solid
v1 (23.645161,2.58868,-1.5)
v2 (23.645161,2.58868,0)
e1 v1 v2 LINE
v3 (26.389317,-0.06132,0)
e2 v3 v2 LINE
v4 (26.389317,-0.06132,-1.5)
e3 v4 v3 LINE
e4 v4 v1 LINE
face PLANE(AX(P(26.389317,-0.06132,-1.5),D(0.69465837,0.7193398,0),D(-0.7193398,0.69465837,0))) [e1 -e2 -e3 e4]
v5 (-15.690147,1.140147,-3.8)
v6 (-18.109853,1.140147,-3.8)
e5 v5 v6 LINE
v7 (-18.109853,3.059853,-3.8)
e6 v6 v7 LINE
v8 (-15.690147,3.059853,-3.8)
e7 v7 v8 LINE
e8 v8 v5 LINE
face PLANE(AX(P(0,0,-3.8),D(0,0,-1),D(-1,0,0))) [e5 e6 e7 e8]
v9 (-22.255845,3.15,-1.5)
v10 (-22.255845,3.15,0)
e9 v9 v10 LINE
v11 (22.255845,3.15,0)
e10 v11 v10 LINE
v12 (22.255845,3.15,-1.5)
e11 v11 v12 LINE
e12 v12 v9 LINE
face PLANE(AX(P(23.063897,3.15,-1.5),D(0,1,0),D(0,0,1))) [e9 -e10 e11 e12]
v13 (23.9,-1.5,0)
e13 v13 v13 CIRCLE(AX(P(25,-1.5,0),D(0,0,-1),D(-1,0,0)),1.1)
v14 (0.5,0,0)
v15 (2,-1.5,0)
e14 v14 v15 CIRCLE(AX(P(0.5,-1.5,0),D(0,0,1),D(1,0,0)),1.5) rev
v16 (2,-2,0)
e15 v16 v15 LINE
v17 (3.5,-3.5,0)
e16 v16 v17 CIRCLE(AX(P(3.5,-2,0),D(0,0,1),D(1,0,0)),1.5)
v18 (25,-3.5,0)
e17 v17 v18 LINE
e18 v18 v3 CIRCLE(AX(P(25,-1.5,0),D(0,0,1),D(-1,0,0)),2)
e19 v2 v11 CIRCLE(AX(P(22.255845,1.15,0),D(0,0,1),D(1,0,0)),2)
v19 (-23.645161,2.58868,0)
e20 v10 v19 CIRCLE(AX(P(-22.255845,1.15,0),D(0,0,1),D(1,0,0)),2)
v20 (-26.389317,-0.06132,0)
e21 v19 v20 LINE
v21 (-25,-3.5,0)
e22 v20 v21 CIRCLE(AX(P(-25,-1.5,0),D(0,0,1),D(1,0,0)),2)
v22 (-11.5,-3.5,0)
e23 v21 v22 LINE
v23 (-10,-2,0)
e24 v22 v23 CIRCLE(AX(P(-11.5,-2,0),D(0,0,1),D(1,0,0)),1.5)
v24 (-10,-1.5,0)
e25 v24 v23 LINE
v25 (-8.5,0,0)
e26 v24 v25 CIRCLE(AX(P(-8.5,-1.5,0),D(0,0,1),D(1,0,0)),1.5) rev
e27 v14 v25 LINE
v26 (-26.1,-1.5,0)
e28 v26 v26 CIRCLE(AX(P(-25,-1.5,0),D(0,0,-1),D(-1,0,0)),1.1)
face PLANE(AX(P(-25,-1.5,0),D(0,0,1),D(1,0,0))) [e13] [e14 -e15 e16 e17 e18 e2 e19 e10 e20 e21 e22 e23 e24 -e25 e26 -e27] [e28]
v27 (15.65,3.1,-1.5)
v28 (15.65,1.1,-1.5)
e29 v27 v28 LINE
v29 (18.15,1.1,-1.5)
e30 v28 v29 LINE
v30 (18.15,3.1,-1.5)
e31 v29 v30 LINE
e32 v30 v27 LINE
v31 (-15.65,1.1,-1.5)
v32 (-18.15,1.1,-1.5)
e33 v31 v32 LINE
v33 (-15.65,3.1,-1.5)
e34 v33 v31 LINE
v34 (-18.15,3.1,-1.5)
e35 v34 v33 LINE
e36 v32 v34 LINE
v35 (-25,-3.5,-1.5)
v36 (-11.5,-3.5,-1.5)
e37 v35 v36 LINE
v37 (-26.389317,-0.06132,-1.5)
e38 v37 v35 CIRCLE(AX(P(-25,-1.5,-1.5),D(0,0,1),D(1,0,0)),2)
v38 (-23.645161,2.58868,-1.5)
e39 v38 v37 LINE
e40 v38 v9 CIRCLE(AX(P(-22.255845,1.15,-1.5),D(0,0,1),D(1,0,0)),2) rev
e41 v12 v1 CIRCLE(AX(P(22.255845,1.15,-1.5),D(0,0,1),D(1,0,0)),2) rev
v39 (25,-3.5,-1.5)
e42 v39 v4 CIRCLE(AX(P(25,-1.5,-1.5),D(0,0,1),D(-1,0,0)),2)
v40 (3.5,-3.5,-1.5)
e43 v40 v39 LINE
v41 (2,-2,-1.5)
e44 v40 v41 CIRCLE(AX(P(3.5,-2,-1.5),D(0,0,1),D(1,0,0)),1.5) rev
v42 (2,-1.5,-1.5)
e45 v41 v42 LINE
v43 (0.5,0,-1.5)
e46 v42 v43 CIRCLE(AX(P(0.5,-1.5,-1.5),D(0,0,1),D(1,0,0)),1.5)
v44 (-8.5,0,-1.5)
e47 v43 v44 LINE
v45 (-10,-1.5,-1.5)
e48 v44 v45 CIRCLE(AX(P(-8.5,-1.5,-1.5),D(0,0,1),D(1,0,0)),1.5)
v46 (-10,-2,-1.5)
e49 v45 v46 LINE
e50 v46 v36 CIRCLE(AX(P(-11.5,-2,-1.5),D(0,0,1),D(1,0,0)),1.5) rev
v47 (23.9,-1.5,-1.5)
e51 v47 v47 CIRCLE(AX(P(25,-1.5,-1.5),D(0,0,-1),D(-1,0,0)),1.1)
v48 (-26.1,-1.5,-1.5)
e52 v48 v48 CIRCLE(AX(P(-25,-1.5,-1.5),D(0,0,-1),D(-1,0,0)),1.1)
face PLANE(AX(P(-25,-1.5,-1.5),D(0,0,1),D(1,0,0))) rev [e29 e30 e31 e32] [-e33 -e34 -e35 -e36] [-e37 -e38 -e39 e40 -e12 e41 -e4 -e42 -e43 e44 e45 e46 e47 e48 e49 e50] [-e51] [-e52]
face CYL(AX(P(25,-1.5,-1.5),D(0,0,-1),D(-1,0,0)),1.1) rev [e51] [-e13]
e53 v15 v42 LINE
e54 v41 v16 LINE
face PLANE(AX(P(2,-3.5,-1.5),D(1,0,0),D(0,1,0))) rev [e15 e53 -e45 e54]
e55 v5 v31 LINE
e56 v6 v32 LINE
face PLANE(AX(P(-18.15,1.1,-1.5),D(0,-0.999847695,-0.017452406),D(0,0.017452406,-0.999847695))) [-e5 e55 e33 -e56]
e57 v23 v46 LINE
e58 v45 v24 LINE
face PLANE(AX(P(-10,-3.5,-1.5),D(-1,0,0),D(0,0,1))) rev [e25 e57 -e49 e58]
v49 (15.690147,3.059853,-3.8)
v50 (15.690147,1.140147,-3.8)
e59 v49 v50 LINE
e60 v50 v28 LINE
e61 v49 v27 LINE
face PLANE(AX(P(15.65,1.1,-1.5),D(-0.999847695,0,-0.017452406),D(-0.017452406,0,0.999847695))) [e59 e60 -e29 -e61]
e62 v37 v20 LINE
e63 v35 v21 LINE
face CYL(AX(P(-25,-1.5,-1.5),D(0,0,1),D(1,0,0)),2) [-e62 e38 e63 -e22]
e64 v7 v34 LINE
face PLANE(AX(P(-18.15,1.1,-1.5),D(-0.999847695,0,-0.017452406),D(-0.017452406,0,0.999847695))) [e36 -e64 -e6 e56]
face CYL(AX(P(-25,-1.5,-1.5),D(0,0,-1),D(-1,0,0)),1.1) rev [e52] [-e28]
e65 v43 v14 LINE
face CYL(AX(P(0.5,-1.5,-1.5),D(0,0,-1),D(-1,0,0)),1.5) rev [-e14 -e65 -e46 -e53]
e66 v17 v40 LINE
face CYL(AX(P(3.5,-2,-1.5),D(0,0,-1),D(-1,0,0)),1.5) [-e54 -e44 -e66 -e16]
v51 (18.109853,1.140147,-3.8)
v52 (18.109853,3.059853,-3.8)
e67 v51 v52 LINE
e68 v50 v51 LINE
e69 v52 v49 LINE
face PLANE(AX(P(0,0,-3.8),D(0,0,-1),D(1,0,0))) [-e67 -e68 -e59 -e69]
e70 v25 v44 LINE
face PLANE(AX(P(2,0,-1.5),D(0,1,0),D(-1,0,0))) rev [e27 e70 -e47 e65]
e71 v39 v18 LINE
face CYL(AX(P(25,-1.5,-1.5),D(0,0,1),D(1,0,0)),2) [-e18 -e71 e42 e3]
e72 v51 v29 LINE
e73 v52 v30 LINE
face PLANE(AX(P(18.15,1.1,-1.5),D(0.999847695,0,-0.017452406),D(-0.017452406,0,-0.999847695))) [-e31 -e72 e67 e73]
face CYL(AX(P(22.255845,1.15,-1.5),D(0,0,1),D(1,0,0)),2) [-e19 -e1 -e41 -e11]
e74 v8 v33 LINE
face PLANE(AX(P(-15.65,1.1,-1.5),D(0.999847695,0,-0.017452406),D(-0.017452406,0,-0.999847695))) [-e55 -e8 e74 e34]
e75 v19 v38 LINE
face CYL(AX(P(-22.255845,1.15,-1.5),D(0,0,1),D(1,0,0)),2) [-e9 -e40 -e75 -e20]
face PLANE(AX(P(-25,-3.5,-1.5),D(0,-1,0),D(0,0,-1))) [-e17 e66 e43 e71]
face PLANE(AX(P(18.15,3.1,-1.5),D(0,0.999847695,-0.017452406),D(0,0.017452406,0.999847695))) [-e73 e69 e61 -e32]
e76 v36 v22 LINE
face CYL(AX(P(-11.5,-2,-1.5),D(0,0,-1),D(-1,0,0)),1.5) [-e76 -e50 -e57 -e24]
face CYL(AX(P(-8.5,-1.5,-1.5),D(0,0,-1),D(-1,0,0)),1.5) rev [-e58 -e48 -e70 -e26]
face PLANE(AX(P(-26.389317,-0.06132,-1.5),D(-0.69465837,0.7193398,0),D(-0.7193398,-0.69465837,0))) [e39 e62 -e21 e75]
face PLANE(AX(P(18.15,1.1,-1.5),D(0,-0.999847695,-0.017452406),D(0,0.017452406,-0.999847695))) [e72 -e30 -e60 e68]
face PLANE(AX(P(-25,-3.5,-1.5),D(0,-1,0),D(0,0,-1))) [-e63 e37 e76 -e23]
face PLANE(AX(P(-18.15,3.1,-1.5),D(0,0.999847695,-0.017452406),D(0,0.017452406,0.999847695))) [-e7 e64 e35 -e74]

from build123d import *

# Parameters (mm, degrees)
EXTRUDE_1_DEPTH     = 1.5
FILLET_1_R          = 2
SKETCH_2_W          = 12
SKETCH_2_H          = 3.5
CUT_EXTRUDE_1_DEPTH = 1.5
SKETCH_3_W          = 2.5
SKETCH_3_H          = 2
EXTRUDE_2_DEPTH     = 2.3
EXTRUDE_2_TAPER     = 1
HOLE_WIZARD_M2_1_D  = 2.2
FILLET_2_R          = 1.5


with BuildPart() as part:
    # 草图1 → 凸台-拉伸1 (new body)
    with BuildSketch(Plane.XY):
        with BuildLine():
            Line((-25, -3.5), (25, -3.5))
            ThreePointArc((25, -3.5), (26.854367709, -2.249213187), (26.389316741, -0.061320399))
            Line((26.389316741, -0.061320399), (23.06389712, 3.15))
            Line((23.06389712, 3.15), (-23.06389712, 3.15))
            Line((-23.06389712, 3.15), (-26.389316741, -0.061320399))
            ThreePointArc((-26.389316741, -0.061320399), (-26.854367709, -2.249213187), (-25, -3.5))
        make_face()
    extrude(amount=-EXTRUDE_1_DEPTH)

    # 圆角1
    fillet_1_edges = [part.edges().sort_by_distance(p)[0] for p in [
        (-23.06389712, 3.15, -0.75),
        (23.06389712, 3.15, -0.75),
    ]]
    fillet(fillet_1_edges, radius=FILLET_1_R)

    # 草图2 → 切除-拉伸1 (cut)
    with BuildSketch(Plane.XY):
        with Locations((-4, -1.75)):
            Rectangle(SKETCH_2_W, SKETCH_2_H)
    extrude(amount=-CUT_EXTRUDE_1_DEPTH, mode=Mode.SUBTRACT)

    # 草图3 → 凸台-拉伸2 (add)
    with BuildSketch(Plane(origin=(0, 0, -1.5), x_dir=(-1, 0, 0), z_dir=(0, 0, -1))):
        with Locations((16.9, 2.1)):
            Rectangle(SKETCH_3_W, SKETCH_3_H)
    extrude_2 = extrude(amount=EXTRUDE_2_DEPTH, taper=EXTRUDE_2_TAPER)

    # M2 间隙孔1 (through all)
    with Locations(Plane(origin=(0, 0, -1.5), x_dir=(-1, 0, 0), z_dir=(0, 0, -1))):
        with Locations((25, -1.5)):
            hole_wizard_m2_1 = Hole(HOLE_WIZARD_M2_1_D / 2)

    # 镜向1: 凸台-拉伸2, M2 间隙孔1 across plane
    add(extrude_2.mirror(Plane(origin=(0, 0, 0), x_dir=(0, 0, 1), z_dir=(1, 0, 0))))
    add(hole_wizard_m2_1.mirror(Plane(origin=(0, 0, 0), x_dir=(0, 0, 1), z_dir=(1, 0, 0))), mode=Mode.SUBTRACT)

    # 圆角2
    fillet_2_edges = [part.edges().sort_by_distance(p)[0] for p in [
        (2, 0, -0.75),
        (2, -3.5, -0.75),
        (-10, -3.5, -0.75),
        (-10, 0, -0.75),
    ]]
    fillet(fillet_2_edges, radius=FILLET_2_R)


solid = part.part
